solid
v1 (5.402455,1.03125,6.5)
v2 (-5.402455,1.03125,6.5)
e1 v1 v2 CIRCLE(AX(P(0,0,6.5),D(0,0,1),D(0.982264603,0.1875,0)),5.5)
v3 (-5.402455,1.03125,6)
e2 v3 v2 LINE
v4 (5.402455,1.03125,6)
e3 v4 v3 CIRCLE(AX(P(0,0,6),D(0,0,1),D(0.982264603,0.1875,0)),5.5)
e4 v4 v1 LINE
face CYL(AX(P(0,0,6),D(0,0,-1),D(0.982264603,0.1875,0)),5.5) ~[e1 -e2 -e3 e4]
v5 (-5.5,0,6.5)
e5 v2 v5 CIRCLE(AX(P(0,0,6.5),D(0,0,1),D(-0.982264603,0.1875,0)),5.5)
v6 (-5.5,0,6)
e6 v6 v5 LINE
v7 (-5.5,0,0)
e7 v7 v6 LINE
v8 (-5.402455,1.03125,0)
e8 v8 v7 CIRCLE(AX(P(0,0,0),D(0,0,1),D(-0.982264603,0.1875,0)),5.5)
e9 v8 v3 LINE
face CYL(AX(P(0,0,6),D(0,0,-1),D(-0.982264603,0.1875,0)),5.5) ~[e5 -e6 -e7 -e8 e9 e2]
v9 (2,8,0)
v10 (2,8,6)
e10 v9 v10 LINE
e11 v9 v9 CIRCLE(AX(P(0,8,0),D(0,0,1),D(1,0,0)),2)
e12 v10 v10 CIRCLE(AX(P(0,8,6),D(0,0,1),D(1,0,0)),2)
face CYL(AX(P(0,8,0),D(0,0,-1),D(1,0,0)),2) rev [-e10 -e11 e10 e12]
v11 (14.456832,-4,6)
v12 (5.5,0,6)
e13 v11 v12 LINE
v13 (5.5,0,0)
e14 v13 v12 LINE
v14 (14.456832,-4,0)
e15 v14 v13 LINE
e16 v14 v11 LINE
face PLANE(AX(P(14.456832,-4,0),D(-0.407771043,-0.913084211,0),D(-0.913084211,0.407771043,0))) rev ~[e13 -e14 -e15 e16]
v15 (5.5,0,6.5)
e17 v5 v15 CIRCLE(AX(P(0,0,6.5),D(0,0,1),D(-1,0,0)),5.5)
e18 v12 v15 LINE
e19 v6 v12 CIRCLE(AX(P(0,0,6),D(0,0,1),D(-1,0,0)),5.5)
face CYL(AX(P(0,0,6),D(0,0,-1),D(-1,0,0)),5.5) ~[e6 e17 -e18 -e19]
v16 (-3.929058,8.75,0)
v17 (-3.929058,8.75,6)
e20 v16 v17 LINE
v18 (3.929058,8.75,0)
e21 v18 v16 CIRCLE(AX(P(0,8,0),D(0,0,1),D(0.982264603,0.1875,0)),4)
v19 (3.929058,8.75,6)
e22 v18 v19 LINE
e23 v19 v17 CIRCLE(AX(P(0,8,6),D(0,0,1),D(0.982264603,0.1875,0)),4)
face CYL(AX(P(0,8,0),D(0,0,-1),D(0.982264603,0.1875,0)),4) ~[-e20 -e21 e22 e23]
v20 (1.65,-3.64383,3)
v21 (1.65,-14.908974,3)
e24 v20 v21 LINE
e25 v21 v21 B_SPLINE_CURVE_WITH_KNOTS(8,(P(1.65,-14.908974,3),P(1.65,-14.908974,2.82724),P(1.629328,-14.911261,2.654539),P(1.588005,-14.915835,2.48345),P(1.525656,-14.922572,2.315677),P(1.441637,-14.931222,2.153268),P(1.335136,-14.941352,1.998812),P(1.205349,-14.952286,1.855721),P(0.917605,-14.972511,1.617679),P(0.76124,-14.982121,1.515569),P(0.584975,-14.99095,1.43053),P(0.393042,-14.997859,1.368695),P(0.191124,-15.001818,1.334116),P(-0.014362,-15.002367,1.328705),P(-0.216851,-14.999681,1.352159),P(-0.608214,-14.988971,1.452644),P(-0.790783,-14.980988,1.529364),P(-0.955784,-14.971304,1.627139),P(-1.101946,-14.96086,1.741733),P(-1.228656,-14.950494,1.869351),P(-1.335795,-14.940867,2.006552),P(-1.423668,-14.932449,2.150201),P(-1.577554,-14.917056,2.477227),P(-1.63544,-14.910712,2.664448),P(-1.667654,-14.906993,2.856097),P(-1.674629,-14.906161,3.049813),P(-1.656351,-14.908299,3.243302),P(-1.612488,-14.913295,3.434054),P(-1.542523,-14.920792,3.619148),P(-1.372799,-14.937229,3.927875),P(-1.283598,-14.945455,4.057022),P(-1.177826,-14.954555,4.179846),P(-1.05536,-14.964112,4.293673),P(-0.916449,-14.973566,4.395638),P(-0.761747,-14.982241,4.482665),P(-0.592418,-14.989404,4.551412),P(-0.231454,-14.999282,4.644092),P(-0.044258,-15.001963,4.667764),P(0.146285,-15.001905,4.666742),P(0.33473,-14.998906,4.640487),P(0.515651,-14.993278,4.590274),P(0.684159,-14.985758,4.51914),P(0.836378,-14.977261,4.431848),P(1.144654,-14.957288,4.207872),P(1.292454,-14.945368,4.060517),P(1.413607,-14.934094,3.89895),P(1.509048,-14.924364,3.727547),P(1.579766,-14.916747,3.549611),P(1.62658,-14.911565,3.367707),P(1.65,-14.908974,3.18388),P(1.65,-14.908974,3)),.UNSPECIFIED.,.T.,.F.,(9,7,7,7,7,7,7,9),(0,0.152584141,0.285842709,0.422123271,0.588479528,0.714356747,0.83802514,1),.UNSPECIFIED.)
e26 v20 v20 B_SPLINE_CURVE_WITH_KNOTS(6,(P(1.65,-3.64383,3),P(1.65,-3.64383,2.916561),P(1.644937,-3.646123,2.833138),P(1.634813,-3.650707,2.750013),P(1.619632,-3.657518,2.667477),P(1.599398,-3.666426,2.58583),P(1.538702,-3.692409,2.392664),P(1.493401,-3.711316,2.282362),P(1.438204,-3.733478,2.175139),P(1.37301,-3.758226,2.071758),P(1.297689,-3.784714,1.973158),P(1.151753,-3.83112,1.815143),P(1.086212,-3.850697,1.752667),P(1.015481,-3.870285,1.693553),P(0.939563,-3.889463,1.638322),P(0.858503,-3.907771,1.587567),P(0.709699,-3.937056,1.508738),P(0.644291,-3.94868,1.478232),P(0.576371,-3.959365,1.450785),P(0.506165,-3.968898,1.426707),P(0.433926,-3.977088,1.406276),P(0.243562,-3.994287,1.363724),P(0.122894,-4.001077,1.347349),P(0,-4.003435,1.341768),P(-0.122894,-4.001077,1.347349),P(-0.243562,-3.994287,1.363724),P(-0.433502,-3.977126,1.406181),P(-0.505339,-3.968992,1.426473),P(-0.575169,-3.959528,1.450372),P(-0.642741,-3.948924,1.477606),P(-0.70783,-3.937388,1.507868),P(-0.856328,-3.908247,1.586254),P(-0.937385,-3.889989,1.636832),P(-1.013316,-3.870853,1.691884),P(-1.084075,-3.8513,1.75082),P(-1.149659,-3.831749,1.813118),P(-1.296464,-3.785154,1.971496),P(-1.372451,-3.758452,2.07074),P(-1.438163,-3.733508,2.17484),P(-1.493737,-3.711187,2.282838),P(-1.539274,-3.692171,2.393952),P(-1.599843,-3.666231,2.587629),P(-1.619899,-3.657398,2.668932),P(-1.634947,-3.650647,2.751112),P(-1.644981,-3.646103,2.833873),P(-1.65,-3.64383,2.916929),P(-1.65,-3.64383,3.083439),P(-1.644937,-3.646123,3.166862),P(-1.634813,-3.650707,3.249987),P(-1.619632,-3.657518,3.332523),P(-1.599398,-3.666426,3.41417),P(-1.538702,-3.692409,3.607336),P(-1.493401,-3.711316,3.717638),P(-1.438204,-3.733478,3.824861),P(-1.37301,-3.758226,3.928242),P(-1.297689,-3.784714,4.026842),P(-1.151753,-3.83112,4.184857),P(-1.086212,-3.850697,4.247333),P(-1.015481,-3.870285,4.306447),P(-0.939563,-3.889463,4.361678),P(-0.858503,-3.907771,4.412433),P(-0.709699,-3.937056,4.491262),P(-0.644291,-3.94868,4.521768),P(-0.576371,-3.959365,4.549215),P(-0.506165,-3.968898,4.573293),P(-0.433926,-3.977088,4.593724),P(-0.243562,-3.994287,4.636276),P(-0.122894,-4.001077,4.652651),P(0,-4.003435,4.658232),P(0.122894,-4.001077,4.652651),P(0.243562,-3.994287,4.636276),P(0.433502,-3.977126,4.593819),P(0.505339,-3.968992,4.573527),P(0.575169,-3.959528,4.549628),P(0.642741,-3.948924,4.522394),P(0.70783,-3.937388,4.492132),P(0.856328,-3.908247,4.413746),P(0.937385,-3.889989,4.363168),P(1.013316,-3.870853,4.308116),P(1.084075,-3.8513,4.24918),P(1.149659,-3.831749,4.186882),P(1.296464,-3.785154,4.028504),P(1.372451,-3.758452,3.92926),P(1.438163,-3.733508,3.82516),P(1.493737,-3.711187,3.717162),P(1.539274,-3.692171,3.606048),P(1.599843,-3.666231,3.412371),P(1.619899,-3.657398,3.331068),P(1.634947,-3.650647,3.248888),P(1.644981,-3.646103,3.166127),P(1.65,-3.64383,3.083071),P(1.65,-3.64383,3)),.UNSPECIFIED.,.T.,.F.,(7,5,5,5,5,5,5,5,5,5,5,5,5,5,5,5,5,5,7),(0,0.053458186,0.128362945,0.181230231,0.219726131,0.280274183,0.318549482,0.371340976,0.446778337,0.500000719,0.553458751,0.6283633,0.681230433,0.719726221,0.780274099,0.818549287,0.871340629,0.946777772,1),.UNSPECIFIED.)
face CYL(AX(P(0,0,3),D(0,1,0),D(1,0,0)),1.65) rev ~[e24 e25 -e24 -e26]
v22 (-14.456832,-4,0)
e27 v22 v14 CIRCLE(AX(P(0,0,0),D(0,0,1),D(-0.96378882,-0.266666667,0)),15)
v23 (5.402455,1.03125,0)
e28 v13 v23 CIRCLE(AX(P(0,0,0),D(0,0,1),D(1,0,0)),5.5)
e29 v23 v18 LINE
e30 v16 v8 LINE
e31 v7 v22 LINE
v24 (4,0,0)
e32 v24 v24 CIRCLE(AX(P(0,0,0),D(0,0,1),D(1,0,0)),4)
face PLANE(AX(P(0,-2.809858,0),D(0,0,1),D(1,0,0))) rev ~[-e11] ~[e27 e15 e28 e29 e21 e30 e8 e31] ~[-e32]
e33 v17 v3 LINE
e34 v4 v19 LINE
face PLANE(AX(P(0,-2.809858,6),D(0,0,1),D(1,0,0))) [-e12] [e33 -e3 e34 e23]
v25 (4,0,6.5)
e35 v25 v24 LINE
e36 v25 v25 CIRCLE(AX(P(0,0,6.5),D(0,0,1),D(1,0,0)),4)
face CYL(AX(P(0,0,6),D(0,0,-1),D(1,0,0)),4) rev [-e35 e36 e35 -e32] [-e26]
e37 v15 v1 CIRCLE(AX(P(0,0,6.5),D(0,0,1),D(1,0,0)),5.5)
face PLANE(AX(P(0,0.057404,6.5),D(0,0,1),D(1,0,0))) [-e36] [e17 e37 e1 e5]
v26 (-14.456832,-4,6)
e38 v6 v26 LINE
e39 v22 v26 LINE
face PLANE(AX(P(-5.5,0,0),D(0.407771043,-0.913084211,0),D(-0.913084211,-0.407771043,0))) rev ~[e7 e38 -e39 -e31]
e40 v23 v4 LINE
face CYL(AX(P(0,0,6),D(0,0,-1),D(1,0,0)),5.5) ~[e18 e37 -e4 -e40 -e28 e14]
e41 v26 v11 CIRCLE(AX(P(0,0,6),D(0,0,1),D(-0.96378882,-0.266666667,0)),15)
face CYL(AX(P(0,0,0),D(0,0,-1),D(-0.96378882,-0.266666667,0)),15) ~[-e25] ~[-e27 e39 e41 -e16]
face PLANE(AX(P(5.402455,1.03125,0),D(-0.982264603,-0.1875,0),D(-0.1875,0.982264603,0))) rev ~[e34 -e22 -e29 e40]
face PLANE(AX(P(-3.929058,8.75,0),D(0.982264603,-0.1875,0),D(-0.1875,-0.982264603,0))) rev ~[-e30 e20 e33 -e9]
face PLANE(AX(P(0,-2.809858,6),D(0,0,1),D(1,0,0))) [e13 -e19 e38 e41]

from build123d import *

# Parameters (mm, degrees)
F0_R     = 4
F0_R_2   = 2
F1_DEPTH = 6
F2_R     = 4
F3_DEPTH = 0.5
F5_D     = 3.3
F5_DEPTH = 15.001


with BuildPart() as f1:
    # F0 (on Top) → F1 (new body)
    with BuildSketch(Plane.XY):
        with BuildLine():
            Line((-5.5, 0), (-14.4568322948, -4))
            ThreePointArc((-14.4568322948, -4), (0, -15), (14.4568322948, -4))
            Line((14.4568322948, -4), (5.5, 0))
            ThreePointArc((5.5, 0), (5.4755595256, 0.5179265218), (5.4024553156, 1.03125))
            Line((5.4024553156, 1.03125), (3.9290584114, 8.75))
            ThreePointArc((3.9290584114, 8.75), (0, 12), (-3.9290584114, 8.75))
            Line((-3.9290584114, 8.75), (-5.4024553156, 1.03125))
            ThreePointArc((-5.4024553156, 1.03125), (-5.4755595256, 0.5179265218), (-5.5, 0))
        make_face()
        Circle(F0_R, mode=Mode.SUBTRACT)
        with Locations((0, 8)):
            Circle(F0_R_2, mode=Mode.SUBTRACT)
    extrude(amount=F1_DEPTH)

    # F2 (on face) → F3 (join)
    with BuildSketch(Plane.XY.offset(6)):
        with BuildLine():
            ThreePointArc((-5.5, 0), (0, -5.5), (5.5, 0))
            ThreePointArc((5.5, 0), (5.4755595256, 0.5179265218), (5.4024553156, 1.03125))
            ThreePointArc((5.4024553156, 1.03125), (0, 5.5), (-5.4024553156, 1.03125))
            ThreePointArc((-5.4024553156, 1.03125), (-5.4755595256, 0.5179265218), (-5.5, 0))
        make_face()
        Circle(F2_R, mode=Mode.SUBTRACT)
    extrude(amount=F3_DEPTH)

    # F5 (through all, one way)
    with BuildSketch(Plane(origin=(0, 0, 0), x_dir=(1, 0, 0), z_dir=(0, 1, 0))):
        with Locations((0, -3)):
            Circle(F5_D / 2)
    extrude(amount=-F5_DEPTH, mode=Mode.SUBTRACT)


solid = f1.part
